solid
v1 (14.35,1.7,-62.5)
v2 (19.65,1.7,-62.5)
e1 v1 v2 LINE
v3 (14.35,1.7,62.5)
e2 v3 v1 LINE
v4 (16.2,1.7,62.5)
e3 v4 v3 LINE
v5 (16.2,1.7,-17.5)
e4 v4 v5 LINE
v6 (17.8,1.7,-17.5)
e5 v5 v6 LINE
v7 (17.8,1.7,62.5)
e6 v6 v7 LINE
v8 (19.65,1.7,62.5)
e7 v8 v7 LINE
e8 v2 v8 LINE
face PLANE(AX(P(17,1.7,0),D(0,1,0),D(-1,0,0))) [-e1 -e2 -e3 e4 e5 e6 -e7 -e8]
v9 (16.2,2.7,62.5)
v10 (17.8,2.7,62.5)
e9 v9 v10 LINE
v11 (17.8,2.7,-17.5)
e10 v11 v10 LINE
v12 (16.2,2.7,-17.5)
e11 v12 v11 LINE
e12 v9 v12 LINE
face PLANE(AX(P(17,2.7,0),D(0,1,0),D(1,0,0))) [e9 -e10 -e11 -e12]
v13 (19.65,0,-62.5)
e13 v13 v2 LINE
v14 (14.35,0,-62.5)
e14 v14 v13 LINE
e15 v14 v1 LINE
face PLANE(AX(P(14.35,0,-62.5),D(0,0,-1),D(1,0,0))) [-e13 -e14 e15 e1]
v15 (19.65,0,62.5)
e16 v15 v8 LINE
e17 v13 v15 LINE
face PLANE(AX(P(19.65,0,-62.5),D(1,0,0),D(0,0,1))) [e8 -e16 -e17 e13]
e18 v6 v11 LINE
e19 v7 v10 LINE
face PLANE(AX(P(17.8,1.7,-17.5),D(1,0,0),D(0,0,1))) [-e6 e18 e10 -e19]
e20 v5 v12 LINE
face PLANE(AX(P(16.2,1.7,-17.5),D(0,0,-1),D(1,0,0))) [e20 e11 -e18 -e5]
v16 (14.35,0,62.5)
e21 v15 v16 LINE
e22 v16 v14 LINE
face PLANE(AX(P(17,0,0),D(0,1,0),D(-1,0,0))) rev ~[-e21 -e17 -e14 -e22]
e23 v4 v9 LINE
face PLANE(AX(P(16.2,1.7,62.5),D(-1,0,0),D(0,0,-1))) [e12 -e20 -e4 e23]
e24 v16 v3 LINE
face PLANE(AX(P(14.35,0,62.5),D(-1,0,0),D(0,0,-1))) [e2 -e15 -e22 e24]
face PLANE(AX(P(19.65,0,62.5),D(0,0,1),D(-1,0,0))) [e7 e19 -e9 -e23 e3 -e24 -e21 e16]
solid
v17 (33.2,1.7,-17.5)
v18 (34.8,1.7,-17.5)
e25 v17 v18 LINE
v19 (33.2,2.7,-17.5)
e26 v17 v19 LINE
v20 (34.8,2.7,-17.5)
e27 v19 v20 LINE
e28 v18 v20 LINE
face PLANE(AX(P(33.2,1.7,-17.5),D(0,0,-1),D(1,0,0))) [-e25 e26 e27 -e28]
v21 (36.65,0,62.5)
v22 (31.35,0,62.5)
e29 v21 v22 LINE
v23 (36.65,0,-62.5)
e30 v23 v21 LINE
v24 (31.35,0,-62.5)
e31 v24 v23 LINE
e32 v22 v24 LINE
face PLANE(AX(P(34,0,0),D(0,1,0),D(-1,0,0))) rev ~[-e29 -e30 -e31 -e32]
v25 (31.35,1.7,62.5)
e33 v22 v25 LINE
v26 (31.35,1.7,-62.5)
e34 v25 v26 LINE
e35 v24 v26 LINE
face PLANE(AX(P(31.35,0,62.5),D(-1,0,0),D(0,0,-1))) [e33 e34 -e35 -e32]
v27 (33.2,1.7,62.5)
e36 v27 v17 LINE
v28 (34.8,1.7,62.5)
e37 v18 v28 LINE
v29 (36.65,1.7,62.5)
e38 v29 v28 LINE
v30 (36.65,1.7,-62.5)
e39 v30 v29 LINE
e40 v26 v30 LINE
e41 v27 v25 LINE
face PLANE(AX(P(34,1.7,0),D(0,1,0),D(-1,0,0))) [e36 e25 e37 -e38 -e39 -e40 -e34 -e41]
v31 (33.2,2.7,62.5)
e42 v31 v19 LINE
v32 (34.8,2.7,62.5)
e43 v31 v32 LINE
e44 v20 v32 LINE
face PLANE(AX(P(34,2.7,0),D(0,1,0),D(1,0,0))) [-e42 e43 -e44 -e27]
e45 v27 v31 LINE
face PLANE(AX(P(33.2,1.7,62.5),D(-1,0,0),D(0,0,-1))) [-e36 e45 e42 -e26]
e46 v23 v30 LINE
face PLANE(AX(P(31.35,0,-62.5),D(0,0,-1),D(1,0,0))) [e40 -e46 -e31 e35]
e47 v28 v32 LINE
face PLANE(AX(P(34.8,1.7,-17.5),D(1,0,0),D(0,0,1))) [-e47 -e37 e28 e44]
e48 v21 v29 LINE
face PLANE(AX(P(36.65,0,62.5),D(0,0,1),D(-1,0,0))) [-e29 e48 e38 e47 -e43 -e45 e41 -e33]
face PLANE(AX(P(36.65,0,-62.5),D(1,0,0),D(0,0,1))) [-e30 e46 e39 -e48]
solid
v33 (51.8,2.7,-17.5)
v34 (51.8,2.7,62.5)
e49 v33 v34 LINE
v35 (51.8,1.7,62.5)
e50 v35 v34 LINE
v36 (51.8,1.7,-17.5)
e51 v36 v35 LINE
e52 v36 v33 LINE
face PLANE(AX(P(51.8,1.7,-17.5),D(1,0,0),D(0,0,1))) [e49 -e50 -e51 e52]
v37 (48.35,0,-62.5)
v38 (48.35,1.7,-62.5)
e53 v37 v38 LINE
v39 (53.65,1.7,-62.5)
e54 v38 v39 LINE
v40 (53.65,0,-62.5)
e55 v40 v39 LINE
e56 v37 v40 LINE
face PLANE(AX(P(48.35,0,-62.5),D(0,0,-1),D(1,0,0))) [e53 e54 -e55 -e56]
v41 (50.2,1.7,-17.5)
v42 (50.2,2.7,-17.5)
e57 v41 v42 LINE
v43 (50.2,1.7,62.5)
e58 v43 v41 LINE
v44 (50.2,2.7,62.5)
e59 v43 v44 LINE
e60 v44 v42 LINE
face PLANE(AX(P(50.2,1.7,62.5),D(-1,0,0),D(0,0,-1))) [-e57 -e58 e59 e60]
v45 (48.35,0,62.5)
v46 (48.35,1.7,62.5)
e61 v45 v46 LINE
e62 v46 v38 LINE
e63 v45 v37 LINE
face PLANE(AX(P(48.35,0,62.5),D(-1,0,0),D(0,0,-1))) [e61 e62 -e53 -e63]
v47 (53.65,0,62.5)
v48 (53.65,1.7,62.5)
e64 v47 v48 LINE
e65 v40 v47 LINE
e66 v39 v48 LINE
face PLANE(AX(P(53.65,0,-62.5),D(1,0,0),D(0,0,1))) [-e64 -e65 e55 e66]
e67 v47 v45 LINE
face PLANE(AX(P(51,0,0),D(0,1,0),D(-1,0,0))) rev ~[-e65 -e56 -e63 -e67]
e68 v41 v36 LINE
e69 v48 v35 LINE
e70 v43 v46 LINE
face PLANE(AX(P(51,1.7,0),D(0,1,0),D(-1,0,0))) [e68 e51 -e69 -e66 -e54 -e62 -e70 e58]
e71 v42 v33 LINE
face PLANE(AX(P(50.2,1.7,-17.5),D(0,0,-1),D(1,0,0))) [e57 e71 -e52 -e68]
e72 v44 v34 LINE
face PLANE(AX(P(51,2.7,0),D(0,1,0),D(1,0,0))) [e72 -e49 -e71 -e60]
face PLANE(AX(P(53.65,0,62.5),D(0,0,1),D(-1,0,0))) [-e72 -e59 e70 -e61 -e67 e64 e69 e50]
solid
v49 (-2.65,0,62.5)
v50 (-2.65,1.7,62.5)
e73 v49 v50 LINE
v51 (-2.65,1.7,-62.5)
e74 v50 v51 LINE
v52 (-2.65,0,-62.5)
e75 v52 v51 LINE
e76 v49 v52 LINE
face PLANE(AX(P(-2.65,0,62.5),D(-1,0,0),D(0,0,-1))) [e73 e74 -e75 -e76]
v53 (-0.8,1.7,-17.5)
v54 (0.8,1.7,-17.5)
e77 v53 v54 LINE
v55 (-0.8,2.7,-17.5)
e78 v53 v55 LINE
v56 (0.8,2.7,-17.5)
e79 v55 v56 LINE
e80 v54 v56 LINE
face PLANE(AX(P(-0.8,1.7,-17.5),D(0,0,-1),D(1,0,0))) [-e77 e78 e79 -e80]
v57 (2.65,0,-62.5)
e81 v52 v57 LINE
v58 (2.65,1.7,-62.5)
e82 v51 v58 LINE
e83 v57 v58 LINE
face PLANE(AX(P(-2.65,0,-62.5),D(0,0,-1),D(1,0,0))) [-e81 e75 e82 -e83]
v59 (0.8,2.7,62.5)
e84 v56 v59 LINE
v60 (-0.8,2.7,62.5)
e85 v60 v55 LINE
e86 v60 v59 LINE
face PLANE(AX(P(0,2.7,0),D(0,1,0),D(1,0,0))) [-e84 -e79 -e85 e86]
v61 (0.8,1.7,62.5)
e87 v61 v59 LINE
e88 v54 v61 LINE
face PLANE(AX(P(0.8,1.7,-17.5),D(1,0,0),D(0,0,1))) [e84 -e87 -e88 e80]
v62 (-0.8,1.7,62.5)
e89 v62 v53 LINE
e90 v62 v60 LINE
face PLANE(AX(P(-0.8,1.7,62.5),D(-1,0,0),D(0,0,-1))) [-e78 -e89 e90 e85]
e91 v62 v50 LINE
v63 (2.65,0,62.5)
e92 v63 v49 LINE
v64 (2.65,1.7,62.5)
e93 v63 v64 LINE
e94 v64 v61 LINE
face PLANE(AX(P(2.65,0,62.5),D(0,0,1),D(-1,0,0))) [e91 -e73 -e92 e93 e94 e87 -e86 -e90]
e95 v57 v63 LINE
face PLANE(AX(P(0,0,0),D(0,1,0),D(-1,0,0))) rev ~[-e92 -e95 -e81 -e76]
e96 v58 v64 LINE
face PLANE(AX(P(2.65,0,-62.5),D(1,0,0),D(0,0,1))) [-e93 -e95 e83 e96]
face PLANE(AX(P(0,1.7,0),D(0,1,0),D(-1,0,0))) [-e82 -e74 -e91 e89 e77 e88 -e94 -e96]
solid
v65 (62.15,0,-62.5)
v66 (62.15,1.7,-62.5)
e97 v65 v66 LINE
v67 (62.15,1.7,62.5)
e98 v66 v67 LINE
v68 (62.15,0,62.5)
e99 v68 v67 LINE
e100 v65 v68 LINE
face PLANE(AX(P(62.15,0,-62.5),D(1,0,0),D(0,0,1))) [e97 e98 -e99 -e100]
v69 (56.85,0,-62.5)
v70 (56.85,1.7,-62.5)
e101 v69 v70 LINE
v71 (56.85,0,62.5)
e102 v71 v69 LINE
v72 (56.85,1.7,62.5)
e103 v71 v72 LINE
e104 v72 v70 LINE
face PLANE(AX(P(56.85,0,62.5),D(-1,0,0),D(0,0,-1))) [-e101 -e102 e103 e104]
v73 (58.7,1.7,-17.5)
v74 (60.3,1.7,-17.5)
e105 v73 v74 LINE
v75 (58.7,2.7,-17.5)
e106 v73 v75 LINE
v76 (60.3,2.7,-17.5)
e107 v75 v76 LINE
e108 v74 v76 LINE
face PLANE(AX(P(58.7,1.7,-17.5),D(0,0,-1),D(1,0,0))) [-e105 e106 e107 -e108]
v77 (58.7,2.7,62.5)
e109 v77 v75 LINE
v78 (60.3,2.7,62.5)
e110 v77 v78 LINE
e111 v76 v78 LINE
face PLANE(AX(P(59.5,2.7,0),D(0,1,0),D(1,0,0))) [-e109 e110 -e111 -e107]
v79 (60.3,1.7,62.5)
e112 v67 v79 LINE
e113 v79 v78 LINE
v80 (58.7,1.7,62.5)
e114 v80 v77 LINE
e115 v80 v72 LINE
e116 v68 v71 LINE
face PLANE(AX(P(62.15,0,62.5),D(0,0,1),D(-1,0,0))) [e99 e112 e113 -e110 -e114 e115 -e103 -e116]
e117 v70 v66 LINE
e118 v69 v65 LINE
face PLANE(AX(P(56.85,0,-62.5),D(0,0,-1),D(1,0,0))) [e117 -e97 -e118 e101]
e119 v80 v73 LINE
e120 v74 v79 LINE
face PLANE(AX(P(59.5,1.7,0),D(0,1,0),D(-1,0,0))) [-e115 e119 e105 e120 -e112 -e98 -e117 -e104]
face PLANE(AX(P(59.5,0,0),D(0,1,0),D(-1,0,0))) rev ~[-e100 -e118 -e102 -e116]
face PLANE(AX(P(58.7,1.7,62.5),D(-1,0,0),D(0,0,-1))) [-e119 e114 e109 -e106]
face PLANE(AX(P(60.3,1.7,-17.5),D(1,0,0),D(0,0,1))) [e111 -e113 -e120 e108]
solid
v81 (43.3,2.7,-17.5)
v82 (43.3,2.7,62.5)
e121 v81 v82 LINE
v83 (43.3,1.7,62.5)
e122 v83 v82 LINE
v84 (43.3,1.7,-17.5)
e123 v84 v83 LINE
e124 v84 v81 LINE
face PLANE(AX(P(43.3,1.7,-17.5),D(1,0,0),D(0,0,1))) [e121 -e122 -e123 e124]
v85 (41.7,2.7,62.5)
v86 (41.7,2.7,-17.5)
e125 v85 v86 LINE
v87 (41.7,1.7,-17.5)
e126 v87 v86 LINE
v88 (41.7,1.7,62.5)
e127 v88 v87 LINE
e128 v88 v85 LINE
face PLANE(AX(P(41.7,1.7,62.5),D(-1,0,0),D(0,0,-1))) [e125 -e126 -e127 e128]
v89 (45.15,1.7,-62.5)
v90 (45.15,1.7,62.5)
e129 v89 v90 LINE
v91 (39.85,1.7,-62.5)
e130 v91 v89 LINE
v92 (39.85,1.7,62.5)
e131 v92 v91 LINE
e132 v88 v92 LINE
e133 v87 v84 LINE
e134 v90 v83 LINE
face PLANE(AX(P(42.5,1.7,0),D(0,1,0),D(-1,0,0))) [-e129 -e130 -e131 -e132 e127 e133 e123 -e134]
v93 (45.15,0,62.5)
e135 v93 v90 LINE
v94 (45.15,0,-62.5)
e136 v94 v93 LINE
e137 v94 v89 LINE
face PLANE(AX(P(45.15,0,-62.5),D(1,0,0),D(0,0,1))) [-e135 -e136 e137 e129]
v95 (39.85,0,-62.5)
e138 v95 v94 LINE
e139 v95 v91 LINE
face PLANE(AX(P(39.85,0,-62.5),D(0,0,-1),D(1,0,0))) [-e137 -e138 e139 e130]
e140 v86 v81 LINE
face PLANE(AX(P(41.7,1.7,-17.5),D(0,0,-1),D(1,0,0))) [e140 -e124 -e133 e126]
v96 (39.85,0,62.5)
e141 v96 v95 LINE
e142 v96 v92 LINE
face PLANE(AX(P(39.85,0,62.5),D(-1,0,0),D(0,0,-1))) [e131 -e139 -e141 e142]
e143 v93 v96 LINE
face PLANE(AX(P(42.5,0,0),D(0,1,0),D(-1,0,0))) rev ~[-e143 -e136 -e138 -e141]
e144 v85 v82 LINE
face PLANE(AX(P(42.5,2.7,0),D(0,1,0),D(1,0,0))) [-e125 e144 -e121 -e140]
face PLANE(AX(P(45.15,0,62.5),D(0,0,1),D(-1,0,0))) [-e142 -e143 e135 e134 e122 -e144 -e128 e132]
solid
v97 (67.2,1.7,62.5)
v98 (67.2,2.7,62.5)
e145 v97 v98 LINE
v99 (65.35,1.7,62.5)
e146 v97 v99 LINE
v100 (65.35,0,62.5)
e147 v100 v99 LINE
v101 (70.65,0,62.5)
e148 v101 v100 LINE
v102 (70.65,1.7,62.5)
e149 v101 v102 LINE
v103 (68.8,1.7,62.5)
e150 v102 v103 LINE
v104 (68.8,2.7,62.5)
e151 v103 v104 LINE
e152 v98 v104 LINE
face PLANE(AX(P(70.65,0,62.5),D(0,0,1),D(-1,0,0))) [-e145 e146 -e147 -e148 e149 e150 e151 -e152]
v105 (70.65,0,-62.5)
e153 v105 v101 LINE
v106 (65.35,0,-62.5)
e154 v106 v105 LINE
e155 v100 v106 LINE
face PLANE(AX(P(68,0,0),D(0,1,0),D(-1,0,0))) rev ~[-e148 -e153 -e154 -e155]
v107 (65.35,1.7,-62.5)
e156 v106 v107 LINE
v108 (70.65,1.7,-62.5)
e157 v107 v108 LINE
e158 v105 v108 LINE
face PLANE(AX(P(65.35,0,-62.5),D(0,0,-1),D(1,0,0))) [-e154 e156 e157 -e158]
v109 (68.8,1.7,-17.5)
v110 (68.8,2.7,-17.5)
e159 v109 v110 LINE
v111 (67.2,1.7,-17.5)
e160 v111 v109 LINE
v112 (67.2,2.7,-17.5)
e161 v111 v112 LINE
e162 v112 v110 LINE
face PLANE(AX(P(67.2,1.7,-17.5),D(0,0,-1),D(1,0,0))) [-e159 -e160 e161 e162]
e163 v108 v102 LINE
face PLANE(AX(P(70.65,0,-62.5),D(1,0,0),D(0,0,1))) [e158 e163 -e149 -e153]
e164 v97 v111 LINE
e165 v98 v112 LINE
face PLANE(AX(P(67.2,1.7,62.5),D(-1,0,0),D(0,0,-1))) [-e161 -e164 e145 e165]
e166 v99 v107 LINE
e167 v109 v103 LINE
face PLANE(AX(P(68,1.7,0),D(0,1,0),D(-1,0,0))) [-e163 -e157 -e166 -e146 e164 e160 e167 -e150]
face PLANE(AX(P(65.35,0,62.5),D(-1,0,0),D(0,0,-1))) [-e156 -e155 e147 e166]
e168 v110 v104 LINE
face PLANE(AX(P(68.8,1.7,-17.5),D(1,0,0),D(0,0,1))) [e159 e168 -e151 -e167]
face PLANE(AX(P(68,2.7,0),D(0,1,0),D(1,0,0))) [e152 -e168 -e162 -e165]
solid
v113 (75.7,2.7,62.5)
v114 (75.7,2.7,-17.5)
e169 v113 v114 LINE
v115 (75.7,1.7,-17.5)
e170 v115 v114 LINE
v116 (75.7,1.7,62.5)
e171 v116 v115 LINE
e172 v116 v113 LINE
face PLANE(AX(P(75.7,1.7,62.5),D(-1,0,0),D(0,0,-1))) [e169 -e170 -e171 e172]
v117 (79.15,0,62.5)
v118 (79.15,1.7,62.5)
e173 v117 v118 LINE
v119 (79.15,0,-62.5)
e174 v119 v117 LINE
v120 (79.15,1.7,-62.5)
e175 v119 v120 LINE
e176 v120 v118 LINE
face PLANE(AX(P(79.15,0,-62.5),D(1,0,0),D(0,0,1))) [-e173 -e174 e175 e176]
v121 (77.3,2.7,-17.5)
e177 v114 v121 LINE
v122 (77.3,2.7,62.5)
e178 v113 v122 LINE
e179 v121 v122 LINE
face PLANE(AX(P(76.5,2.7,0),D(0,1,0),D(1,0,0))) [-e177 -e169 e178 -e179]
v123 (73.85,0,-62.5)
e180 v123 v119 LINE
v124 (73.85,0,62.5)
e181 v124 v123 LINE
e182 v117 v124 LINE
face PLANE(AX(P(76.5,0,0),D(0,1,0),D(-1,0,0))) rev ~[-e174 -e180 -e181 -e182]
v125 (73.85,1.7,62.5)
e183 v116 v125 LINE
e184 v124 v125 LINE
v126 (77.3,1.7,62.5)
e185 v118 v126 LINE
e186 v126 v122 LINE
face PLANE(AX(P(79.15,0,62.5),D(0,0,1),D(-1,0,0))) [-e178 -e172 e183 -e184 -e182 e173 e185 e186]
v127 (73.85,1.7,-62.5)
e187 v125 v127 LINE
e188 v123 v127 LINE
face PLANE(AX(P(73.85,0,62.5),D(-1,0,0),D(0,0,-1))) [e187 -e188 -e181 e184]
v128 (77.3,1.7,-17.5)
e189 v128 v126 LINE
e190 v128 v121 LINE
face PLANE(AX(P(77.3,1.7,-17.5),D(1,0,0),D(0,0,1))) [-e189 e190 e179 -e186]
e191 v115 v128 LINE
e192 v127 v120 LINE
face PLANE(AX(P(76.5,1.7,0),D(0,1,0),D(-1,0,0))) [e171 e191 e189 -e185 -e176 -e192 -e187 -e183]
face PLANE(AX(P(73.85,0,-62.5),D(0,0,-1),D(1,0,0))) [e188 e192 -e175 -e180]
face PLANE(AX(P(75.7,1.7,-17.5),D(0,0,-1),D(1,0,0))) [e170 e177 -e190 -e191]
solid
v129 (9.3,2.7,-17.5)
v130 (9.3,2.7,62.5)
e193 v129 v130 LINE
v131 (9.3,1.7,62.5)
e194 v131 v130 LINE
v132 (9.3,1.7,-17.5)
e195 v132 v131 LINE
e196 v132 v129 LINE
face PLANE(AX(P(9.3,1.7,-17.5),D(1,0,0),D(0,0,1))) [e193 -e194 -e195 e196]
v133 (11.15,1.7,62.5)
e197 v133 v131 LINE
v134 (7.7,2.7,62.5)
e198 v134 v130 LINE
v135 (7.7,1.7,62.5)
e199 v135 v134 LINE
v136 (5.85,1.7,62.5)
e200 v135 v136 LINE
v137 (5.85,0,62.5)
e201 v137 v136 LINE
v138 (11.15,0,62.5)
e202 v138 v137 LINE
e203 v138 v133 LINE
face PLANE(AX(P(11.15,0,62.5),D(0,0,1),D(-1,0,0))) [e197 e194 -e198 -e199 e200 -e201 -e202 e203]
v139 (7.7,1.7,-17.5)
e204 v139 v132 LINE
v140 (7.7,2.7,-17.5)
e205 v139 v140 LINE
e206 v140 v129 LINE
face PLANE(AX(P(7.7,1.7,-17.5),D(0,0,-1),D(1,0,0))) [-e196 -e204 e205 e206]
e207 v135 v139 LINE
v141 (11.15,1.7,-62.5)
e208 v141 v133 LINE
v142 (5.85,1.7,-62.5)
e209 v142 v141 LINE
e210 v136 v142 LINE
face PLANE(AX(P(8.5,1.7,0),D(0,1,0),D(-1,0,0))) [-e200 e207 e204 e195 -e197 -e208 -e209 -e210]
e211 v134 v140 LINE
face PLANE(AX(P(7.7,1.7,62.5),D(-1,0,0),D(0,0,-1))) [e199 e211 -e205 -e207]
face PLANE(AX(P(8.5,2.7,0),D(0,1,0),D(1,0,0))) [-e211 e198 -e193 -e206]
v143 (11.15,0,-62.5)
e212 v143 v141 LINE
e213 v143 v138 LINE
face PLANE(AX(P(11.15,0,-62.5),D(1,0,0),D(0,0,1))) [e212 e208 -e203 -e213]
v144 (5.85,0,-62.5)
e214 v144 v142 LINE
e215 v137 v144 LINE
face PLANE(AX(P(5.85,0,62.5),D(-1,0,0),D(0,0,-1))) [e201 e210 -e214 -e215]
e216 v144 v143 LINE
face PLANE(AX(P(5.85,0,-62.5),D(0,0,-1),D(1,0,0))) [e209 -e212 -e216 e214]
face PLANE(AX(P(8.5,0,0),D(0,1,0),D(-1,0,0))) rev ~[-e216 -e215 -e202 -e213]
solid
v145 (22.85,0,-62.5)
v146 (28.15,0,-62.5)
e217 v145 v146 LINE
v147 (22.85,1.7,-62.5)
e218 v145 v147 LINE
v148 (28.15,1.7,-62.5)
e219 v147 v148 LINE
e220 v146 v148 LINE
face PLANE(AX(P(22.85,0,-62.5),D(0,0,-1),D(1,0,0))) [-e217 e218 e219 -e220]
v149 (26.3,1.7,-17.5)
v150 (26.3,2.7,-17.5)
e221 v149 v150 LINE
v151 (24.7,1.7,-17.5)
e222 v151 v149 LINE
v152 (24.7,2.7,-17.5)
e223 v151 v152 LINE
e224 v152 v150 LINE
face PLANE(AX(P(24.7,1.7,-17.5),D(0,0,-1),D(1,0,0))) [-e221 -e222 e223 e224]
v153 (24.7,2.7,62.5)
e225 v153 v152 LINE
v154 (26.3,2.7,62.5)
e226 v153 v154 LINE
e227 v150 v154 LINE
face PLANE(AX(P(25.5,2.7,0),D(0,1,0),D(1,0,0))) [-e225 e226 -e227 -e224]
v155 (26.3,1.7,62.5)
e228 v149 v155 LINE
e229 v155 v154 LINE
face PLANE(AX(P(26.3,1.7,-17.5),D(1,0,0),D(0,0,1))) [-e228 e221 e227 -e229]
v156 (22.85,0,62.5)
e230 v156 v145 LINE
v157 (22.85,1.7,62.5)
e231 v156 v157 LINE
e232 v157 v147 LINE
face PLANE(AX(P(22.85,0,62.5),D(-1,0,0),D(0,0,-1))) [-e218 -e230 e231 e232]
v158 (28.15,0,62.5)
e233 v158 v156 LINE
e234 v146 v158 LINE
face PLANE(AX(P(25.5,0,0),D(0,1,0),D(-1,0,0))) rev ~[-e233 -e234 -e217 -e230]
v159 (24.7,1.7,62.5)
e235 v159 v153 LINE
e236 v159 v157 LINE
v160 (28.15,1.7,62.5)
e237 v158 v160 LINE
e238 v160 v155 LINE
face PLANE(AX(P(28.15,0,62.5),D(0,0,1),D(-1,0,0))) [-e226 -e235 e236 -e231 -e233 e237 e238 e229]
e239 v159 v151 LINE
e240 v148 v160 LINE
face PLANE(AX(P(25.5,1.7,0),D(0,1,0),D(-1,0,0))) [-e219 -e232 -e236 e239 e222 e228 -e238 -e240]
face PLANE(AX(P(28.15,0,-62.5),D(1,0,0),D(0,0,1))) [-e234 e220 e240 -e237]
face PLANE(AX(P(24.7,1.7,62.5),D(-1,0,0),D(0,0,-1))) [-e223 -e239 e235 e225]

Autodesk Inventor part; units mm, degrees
ref_plane "YZ Plane" through (0, 0, 0) normal (1, 0, 0) x (0, 1, 0)
ref_plane "XZ Plane" through (0, 0, 0) normal (0, 1, 0) x (-1, 0, 0)
ref_plane "XY Plane" through (0, 0, 0) normal (0, 0, 1) x (1, 0, 0)
sketch "Sketch1" plane through (0, 0, 0) normal (0, 1, 0) x (-1, 0, 0)
  line L0 (2.65, -62.5) -> (-2.65, -62.5)
  line L1 (-2.65, -62.5) -> (-2.65, 62.5)
  line L2 (-2.65, 62.5) -> (2.65, 62.5)
  line L3 (2.65, 62.5) -> (2.65, -62.5)
  line L4 (2.65, -62.5) -> (-2.65, 62.5) construction
  line L5 (-2.65, -62.5) -> (2.65, 62.5) construction
  point P0 (0, 0)
  dimension "d0" = 5.3
  dimension "d1" = 125
extrude "Extrusion1" add sketch "Sketch1" along normal blind 1.7
sketch "Sketch2" plane through (0, 1.7, 0) normal (0, 1, 0) x (1, 0, 0)
  line L0 (-2.65, -62.5) -> (2.65, -62.5) projected
  line L1 (0.8, -62.5) -> (-0.8, -62.5)
  line L2 (-0.8, -62.5) -> (-0.8, 17.5)
  line L3 (-0.8, 17.5) -> (0.8, 17.5)
  line L4 (0.8, 17.5) -> (0.8, -62.5)
  line L5 (-2.65, 62.5) -> (-2.65, -62.5) projected
  point P0 (0, 0)
  dimension "d4" = 1.6
  dimension "d5" = 80
  dimension "d6" = 5.3
  dimension "d7" = 1.6
  dimension "d8" = 1.85
extrude "Extrusion2" add sketch "Sketch2" along normal blind 1
pattern_linear "Rectangular Pattern1" count 10 spacing 8.5 along (1, 0, 0) of "Extrusion1", "Extrusion2"
equation "\"d8\" = 0.5 * d6 - 0.5 * d7"
equation "\"base_add\" = 1.2"
properties part number "structure4"
